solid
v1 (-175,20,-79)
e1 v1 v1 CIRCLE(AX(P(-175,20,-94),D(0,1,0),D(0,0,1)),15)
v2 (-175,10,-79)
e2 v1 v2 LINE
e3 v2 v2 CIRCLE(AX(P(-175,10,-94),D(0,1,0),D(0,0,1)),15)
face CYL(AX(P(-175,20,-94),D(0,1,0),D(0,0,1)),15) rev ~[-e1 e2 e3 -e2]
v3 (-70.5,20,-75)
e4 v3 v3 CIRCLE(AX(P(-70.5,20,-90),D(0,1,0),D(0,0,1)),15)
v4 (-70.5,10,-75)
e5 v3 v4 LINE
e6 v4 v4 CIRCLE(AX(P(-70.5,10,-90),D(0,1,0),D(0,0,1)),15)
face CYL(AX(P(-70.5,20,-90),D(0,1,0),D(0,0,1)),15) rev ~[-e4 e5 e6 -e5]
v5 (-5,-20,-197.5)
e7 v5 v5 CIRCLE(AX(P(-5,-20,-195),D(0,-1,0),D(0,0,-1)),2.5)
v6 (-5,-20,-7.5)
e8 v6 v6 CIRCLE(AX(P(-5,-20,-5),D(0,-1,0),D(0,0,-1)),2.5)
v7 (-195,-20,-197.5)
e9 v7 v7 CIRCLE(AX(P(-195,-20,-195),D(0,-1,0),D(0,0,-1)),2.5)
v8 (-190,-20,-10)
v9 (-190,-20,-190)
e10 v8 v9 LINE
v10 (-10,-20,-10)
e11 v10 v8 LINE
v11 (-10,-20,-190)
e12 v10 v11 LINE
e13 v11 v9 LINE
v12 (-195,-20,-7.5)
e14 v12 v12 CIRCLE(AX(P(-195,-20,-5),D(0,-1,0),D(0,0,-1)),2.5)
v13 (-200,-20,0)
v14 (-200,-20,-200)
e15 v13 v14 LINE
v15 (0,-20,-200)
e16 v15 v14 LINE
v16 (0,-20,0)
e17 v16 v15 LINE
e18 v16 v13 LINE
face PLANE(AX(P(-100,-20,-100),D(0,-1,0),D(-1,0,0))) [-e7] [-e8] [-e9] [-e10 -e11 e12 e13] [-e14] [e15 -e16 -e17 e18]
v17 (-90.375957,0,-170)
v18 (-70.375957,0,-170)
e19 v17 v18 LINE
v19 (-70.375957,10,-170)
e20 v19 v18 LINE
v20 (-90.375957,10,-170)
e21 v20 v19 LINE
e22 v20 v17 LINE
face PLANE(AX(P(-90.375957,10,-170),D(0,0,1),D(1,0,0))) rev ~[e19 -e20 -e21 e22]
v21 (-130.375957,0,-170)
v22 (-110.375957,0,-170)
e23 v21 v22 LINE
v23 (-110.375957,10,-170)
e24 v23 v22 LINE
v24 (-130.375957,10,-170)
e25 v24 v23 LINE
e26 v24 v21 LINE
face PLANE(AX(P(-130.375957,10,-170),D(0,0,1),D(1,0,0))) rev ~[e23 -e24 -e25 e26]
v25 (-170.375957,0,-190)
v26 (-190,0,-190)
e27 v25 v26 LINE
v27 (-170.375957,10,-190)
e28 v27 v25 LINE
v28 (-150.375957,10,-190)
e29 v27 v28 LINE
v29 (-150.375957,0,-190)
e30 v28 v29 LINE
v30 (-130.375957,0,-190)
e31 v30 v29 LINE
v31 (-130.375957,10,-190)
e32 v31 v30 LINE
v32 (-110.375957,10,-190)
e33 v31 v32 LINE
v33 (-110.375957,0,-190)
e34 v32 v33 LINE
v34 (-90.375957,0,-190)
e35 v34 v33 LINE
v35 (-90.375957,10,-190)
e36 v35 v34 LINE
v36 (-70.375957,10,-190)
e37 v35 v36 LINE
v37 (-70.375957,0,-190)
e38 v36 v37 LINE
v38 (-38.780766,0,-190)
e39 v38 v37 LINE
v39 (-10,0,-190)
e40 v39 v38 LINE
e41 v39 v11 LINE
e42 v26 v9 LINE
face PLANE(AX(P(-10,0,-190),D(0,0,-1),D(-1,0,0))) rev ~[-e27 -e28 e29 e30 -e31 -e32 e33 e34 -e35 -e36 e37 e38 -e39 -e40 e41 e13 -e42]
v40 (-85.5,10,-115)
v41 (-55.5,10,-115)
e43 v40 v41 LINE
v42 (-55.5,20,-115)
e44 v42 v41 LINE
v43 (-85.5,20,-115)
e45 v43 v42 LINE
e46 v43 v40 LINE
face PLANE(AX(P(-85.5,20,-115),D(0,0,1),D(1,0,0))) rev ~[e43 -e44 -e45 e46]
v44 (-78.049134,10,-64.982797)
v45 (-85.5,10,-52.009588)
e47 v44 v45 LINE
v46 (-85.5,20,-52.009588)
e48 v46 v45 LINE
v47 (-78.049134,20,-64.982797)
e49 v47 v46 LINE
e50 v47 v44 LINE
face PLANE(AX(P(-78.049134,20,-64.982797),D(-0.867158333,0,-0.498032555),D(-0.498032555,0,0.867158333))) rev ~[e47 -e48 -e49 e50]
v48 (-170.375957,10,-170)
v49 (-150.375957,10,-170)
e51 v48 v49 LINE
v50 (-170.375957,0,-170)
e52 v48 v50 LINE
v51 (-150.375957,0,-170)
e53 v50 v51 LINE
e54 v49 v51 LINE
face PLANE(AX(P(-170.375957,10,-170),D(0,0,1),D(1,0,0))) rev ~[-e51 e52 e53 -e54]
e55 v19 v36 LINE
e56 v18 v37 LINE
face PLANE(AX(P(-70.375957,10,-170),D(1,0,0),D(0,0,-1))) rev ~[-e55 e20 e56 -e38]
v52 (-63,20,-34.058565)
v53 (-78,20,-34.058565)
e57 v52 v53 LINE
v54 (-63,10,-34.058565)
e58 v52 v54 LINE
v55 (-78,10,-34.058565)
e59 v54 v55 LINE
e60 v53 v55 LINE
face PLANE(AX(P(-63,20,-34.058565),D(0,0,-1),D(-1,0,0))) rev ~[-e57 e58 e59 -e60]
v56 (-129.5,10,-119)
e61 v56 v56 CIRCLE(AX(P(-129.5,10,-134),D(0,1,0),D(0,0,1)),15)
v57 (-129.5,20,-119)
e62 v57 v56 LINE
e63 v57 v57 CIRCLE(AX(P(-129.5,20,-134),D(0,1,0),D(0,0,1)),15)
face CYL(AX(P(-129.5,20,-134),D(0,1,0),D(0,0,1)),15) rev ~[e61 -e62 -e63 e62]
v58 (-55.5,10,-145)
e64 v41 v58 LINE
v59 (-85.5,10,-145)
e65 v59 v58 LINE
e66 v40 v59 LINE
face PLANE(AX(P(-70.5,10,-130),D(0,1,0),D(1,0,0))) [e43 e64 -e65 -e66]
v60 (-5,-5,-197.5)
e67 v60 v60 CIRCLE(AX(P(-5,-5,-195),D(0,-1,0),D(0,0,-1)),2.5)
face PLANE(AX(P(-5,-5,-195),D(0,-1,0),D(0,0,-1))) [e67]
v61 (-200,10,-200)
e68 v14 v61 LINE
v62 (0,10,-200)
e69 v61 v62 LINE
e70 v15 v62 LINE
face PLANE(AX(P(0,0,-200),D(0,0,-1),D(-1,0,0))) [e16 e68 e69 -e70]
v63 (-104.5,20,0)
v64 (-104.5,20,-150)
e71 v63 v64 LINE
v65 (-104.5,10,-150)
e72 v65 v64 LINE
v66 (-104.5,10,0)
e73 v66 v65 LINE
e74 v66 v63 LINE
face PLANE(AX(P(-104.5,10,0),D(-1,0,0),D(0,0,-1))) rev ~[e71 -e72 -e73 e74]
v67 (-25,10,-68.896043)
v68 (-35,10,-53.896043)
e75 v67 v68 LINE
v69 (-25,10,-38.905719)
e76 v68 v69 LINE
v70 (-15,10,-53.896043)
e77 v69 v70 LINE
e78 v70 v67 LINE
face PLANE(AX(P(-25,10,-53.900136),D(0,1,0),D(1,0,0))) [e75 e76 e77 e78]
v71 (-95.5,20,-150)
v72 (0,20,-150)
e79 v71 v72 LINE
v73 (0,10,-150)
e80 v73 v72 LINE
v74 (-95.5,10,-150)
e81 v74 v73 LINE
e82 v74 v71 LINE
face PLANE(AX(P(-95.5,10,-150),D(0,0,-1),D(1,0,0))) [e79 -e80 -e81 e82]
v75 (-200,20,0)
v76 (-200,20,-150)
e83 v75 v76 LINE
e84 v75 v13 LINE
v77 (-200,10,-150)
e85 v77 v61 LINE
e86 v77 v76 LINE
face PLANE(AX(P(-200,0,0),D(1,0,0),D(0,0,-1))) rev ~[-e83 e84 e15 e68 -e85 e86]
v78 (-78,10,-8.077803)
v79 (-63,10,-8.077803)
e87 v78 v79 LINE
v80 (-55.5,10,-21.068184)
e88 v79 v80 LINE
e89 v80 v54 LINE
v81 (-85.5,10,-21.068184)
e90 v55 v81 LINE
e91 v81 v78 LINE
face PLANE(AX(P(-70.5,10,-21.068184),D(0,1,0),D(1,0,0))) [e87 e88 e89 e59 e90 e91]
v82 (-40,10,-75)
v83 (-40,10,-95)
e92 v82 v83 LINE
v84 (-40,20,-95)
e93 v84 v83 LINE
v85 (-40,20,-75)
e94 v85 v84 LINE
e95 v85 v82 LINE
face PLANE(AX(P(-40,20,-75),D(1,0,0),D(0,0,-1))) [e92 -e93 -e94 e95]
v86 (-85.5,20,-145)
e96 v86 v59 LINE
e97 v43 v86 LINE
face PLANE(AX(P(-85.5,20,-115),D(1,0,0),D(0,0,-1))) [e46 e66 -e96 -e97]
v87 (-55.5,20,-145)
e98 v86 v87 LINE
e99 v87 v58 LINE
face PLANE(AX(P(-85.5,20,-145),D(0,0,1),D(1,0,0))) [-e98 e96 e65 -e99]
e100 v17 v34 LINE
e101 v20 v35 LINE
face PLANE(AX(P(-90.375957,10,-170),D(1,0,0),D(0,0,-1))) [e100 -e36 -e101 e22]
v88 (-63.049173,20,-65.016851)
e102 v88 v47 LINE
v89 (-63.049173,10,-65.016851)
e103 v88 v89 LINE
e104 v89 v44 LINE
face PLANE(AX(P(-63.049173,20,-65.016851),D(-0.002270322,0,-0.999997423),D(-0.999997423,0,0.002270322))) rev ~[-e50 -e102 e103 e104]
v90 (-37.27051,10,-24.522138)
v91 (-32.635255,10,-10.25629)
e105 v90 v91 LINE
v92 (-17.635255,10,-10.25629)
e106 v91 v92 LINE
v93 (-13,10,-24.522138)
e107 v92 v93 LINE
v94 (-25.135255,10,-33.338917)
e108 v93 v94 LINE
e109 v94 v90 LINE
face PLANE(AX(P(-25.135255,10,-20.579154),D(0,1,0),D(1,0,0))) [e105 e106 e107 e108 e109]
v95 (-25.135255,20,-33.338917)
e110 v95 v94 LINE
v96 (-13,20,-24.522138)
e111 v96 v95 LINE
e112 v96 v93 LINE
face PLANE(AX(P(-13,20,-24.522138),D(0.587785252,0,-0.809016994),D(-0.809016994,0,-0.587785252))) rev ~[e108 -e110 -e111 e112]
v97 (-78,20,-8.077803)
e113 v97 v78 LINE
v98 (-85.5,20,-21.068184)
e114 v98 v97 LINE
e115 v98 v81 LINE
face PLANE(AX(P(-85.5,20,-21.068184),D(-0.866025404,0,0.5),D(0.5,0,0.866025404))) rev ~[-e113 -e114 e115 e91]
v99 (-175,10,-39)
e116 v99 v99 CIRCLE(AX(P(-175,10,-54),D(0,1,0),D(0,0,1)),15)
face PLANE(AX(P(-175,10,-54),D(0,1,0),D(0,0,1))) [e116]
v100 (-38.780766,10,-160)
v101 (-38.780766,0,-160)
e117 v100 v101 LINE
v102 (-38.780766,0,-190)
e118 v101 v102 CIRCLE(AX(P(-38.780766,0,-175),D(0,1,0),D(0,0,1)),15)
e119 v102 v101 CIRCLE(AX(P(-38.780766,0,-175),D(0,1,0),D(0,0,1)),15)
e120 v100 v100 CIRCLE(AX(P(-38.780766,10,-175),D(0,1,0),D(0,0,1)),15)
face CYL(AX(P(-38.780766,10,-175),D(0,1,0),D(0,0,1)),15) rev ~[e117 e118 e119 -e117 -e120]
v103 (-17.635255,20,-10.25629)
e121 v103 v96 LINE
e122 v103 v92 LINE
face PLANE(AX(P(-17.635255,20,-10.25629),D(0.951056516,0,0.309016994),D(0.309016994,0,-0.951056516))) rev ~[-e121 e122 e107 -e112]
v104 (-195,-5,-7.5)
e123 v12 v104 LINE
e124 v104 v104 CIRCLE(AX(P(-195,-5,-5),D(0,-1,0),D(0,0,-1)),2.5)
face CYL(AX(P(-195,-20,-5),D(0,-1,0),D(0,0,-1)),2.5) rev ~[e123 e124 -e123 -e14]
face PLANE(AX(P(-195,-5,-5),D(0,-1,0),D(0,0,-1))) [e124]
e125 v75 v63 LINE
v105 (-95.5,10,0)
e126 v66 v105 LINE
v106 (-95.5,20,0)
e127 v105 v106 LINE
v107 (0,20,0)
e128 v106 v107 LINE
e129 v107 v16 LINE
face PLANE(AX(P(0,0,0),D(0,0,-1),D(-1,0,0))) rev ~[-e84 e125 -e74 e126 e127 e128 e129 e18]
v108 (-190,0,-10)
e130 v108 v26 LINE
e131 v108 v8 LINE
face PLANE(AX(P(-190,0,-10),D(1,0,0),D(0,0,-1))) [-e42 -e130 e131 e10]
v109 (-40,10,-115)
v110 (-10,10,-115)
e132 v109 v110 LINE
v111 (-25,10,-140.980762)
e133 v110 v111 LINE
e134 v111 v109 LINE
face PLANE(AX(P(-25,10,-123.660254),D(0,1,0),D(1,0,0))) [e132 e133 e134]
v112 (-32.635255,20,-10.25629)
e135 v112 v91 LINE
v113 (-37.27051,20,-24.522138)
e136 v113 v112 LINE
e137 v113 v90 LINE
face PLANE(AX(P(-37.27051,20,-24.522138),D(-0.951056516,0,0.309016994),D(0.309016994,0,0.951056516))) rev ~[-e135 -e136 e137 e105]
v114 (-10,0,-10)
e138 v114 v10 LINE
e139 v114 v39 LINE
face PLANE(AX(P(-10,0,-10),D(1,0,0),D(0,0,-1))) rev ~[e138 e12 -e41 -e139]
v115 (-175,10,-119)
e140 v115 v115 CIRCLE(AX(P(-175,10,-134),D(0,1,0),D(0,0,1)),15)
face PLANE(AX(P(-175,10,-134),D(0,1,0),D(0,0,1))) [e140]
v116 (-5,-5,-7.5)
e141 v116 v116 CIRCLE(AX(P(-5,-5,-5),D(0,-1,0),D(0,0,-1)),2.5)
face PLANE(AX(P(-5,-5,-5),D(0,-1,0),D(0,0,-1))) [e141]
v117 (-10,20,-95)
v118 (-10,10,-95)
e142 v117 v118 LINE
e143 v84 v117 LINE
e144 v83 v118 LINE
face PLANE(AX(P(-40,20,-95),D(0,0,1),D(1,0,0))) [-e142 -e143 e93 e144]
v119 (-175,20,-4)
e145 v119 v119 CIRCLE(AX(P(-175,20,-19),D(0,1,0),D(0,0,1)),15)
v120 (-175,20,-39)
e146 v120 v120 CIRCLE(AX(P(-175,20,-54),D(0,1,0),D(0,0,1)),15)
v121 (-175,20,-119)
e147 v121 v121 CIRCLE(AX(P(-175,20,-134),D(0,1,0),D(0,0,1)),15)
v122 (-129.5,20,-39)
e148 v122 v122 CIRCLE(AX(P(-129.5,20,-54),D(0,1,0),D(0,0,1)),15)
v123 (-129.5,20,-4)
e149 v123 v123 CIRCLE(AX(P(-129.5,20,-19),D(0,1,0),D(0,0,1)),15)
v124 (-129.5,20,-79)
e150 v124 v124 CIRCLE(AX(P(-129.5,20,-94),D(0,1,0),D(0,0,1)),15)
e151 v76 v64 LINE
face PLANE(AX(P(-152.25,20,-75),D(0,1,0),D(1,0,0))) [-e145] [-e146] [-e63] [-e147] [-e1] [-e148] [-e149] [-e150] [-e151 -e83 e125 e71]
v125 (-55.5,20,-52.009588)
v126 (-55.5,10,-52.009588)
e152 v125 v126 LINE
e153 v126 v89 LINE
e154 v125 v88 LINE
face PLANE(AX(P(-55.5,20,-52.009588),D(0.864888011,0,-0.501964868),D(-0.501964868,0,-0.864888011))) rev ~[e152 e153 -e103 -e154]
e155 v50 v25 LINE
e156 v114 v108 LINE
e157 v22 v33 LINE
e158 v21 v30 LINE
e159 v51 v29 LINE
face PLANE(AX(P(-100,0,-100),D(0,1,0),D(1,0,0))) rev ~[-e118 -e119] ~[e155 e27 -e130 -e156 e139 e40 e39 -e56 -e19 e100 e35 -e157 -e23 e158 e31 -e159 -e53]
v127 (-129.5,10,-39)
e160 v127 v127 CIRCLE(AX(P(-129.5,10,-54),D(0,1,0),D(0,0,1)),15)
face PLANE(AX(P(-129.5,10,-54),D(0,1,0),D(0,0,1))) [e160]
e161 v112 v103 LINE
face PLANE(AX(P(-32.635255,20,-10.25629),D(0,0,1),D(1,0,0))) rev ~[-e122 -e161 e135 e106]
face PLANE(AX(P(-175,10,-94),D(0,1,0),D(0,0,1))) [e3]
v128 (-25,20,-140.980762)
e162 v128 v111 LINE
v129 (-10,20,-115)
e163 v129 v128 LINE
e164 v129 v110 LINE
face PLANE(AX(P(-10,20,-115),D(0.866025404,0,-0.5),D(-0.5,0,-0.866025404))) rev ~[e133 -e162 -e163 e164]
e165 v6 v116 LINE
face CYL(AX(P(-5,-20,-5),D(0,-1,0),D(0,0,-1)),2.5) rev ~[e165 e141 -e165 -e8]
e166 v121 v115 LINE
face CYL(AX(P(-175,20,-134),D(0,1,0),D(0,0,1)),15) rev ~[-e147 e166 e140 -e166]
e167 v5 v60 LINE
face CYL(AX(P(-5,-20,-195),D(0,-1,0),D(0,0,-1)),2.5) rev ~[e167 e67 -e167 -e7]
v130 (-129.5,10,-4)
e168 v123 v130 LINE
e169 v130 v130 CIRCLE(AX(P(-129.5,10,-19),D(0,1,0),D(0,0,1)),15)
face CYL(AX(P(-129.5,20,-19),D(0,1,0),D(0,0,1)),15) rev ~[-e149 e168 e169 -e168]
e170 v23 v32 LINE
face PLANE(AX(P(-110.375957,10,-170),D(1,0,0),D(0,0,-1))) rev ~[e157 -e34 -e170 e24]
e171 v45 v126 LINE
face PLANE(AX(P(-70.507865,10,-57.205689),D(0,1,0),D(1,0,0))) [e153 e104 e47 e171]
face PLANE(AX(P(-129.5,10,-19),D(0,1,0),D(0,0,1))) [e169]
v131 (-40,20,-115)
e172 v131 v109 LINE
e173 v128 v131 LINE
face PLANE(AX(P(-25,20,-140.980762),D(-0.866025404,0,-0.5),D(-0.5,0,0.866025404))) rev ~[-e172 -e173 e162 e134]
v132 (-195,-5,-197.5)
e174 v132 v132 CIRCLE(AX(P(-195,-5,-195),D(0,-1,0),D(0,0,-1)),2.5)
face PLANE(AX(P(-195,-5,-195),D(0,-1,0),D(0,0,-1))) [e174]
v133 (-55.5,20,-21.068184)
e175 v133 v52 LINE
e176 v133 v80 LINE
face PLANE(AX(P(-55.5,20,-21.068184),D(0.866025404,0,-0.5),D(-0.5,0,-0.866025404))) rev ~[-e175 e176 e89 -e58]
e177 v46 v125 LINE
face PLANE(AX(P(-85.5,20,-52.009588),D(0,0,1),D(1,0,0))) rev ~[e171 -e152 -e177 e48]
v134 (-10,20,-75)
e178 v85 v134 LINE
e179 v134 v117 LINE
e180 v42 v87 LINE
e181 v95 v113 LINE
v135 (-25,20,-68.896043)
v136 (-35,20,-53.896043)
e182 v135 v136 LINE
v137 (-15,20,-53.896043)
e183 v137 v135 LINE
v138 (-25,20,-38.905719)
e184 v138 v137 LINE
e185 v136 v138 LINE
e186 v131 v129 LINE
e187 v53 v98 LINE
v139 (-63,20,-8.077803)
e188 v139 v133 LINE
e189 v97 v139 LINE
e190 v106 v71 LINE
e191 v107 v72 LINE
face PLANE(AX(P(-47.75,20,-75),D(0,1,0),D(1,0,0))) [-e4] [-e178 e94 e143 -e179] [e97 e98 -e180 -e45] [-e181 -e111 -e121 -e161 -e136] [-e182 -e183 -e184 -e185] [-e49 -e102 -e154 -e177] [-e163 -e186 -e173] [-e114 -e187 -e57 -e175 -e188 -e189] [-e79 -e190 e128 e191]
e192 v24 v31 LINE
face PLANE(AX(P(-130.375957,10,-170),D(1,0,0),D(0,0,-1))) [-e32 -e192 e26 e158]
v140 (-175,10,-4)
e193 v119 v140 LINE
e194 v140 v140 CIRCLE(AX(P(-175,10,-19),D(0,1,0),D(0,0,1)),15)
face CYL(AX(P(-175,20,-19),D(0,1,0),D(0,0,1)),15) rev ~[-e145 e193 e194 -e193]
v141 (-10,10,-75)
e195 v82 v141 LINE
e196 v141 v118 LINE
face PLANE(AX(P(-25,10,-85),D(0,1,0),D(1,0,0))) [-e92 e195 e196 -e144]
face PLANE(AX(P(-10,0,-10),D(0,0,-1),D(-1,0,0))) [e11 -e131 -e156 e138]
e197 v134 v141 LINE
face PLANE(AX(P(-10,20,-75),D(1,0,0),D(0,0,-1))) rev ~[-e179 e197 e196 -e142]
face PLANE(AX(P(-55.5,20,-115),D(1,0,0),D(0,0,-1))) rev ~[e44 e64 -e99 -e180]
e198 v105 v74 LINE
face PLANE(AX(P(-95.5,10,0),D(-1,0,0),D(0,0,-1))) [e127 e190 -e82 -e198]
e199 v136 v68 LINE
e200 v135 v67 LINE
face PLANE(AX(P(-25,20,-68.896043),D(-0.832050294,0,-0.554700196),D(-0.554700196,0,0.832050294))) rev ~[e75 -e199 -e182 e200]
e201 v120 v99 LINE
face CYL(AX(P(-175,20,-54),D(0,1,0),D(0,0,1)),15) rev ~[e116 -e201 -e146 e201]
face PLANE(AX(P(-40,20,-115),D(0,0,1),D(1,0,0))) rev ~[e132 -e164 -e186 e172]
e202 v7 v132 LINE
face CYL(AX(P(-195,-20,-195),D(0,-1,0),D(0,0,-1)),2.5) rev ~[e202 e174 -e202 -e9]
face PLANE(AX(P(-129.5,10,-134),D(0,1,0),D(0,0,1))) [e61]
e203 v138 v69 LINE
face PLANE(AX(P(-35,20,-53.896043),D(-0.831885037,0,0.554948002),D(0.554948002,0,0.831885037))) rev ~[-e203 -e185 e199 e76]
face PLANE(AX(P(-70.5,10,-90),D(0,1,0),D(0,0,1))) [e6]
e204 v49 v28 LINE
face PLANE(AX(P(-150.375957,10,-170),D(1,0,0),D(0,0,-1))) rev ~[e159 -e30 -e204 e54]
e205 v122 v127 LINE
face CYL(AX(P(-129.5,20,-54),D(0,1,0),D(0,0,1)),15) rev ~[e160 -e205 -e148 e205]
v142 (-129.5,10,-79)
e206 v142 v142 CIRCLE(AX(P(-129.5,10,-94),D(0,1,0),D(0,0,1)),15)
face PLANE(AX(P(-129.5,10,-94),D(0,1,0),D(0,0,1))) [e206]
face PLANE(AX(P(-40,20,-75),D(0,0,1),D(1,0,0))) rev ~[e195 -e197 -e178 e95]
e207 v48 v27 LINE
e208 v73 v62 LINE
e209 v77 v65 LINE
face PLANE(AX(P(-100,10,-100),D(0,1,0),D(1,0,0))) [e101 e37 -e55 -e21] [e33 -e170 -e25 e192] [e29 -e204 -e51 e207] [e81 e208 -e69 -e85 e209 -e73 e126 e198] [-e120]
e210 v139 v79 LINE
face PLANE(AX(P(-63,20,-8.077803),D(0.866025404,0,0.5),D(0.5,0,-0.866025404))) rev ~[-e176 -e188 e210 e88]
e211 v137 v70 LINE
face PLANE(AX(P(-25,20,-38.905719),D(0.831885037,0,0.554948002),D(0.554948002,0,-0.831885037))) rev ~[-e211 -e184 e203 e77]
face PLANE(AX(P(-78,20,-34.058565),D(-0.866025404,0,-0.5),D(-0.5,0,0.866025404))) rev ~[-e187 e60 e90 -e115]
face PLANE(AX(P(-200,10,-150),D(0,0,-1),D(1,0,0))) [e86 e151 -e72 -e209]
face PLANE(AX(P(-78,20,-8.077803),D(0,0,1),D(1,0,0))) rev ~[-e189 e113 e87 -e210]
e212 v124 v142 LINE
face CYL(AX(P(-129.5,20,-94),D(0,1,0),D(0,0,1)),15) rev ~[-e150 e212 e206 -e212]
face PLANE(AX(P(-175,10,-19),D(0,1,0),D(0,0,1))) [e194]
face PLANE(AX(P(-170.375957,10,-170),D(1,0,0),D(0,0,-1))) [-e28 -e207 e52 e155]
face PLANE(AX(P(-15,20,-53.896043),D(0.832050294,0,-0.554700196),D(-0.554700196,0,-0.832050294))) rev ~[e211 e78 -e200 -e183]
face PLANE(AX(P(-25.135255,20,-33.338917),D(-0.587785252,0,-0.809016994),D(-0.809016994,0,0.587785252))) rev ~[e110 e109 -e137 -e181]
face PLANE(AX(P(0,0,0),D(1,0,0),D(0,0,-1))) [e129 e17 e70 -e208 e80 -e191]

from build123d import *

# Parameters (mm, degrees)
CROQUIS1_W              = 200
CROQUIS1_H              = 200
SALIENTE_EXTRUIR1_DEPTH = 10
CROQUIS2_W              = 95.5
CROQUIS2_H              = 150
SALIENTE_EXTRUIR2_DEPTH = 10
CROQUIS3_R              = 15
CROQUIS3_W              = 20
CROQUIS3_H              = 20
CORTAR_EXTRUIR1_DEPTH   = 284.019433962
CROQUIS4_W              = 200
CROQUIS4_H              = 200
CROQUIS4_W_2            = 180
CROQUIS4_H_2            = 180
SALIENTE_EXTRUIR3_DEPTH = 20
CROQUIS6_R              = 2.5
CORTAR_EXTRUIR2_DEPTH   = 15
CROQUIS7_R              = 15
CORTAR_EXTRUIR3_DEPTH   = 10
CROQUIS8_R              = 15
CROQUIS8_W              = 30
CROQUIS8_H              = 30
CROQUIS8_H_2            = 20
CORTAR_EXTRUIR4_DEPTH   = 10


with BuildPart() as part:
    # Croquis1 → Saliente-Extruir1 (new body)
    with BuildSketch(Plane(origin=(0, 0, 0), x_dir=(1, 0, 0), z_dir=(0, 1, 0))):
        with Locations((-100, 100)):
            Rectangle(CROQUIS1_W, CROQUIS1_H)
    extrude(amount=SALIENTE_EXTRUIR1_DEPTH)

    # Croquis2 → Saliente-Extruir2 (add)
    with BuildSketch(Plane(origin=(0, 10, 0), x_dir=(1, 0, 0), z_dir=(0, 1, 0))):
        with Locations((-47.75, 75)):
            Rectangle(CROQUIS2_W, CROQUIS2_H)
        with Locations((-152.25, 75)):
            Rectangle(CROQUIS2_W, CROQUIS2_H)
    extrude(amount=SALIENTE_EXTRUIR2_DEPTH)

    # Croquis3 → Cortar-Extruir1 (cut, through all)
    with BuildSketch(Plane(origin=(0, 10, 0), x_dir=(1, 0, 0), z_dir=(0, 1, 0))):
        with Locations(Location((-38.780765976, 175, 0), (0, 0, 270))):
            Circle(CROQUIS3_R)
        with Locations((-160.375957062, 180)):
            Rectangle(CROQUIS3_W, CROQUIS3_H)
        with Locations((-120.375957062, 180)):
            Rectangle(CROQUIS3_W, CROQUIS3_H)
        with Locations((-80.375957062, 180)):
            Rectangle(CROQUIS3_W, CROQUIS3_H)
    extrude(amount=-CORTAR_EXTRUIR1_DEPTH, mode=Mode.SUBTRACT)

    # Croquis4 → Saliente-Extruir3 (add)
    with BuildSketch(Plane(origin=(0, 0, 0), x_dir=(-1, 0, 0), z_dir=(0, -1, 0))):
        with Locations((100, 100)):
            Rectangle(CROQUIS4_W, CROQUIS4_H)
        with Locations((100, 100)):
            Rectangle(CROQUIS4_W_2, CROQUIS4_H_2, mode=Mode.SUBTRACT)
    extrude(amount=SALIENTE_EXTRUIR3_DEPTH)

    # Croquis6 → Cortar-Extruir2 (cut)
    with BuildSketch(Plane(origin=(0, -20, 0), x_dir=(-1, 0, 0), z_dir=(0, -1, 0))):
        with Locations(Location((195, 5, 0), (0, 0, 90))):
            Circle(CROQUIS6_R)
        with Locations(Location((5, 5, 0), (0, 0, 90))):
            Circle(CROQUIS6_R)
        with Locations(Location((5, 195, 0), (0, 0, 90))):
            Circle(CROQUIS6_R)
        with Locations(Location((195, 195, 0), (0, 0, 90))):
            Circle(CROQUIS6_R)
    extrude(amount=-CORTAR_EXTRUIR2_DEPTH, mode=Mode.SUBTRACT)

    # Croquis7 → Cortar-Extruir3 (cut)
    with BuildSketch(Plane(origin=(0, 20, 0), x_dir=(1, 0, 0), z_dir=(0, 1, 0))):
        with Locations(Location((-175, 134, 0), (0, 0, 270))):
            Circle(CROQUIS7_R)
        with Locations(Location((-129.5, 134, 0), (0, 0, 270))):
            Circle(CROQUIS7_R)
        with Locations(Location((-175, 94, 0), (0, 0, 270))):
            Circle(CROQUIS7_R)
        with Locations(Location((-129.5, 94, 0), (0, 0, 270))):
            Circle(CROQUIS7_R)
        with Locations(Location((-175, 54, 0), (0, 0, 270))):
            Circle(CROQUIS7_R)
        with Locations(Location((-129.5, 54, 0), (0, 0, 270))):
            Circle(CROQUIS7_R)
        with Locations(Location((-175, 19, 0), (0, 0, 270))):
            Circle(CROQUIS7_R)
        with Locations(Location((-129.5, 19, 0), (0, 0, 270))):
            Circle(CROQUIS7_R)
    extrude(amount=-CORTAR_EXTRUIR3_DEPTH, mode=Mode.SUBTRACT)

    # Croquis8 → Cortar-Extruir4 (cut)
    with BuildSketch(Plane(origin=(0, 20, 0), x_dir=(1, 0, 0), z_dir=(0, 1, 0))):
        with Locations(Location((-70.5, 90, 0), (0, 0, 270))):
            Circle(CROQUIS8_R)
        with Locations((-70.5, 130)):
            Rectangle(CROQUIS8_W, CROQUIS8_H)
        Polygon((-40, 115), (-10, 115), (-25, 140.980762114), align=None)
        Polygon((-85.5, 52.009587992), (-55.5, 52.009587992), (-63.049173048, 65.016851393), (-78.04913439, 64.982796557), align=None)
        with Locations((-25, 85)):
            Rectangle(CROQUIS8_W, CROQUIS8_H_2)
        Polygon((-25, 68.896042606), (-35, 53.896042606), (-25, 38.905718571), (-15, 53.896042606), align=None)
        Polygon((-55.5, 21.068183762), (-63, 34.058564819), (-78, 34.058564819), (-85.5, 21.068183762), (-78, 8.077802706), (-63, 8.077802706), align=None)
        Polygon((-25.135254916, 33.338916583), (-37.270509831, 24.522137799), (-32.635254916, 10.256290054), (-17.635254916, 10.256290054), (-13, 24.522137799), align=None)
    extrude(amount=-CORTAR_EXTRUIR4_DEPTH, mode=Mode.SUBTRACT)


solid = part.part
